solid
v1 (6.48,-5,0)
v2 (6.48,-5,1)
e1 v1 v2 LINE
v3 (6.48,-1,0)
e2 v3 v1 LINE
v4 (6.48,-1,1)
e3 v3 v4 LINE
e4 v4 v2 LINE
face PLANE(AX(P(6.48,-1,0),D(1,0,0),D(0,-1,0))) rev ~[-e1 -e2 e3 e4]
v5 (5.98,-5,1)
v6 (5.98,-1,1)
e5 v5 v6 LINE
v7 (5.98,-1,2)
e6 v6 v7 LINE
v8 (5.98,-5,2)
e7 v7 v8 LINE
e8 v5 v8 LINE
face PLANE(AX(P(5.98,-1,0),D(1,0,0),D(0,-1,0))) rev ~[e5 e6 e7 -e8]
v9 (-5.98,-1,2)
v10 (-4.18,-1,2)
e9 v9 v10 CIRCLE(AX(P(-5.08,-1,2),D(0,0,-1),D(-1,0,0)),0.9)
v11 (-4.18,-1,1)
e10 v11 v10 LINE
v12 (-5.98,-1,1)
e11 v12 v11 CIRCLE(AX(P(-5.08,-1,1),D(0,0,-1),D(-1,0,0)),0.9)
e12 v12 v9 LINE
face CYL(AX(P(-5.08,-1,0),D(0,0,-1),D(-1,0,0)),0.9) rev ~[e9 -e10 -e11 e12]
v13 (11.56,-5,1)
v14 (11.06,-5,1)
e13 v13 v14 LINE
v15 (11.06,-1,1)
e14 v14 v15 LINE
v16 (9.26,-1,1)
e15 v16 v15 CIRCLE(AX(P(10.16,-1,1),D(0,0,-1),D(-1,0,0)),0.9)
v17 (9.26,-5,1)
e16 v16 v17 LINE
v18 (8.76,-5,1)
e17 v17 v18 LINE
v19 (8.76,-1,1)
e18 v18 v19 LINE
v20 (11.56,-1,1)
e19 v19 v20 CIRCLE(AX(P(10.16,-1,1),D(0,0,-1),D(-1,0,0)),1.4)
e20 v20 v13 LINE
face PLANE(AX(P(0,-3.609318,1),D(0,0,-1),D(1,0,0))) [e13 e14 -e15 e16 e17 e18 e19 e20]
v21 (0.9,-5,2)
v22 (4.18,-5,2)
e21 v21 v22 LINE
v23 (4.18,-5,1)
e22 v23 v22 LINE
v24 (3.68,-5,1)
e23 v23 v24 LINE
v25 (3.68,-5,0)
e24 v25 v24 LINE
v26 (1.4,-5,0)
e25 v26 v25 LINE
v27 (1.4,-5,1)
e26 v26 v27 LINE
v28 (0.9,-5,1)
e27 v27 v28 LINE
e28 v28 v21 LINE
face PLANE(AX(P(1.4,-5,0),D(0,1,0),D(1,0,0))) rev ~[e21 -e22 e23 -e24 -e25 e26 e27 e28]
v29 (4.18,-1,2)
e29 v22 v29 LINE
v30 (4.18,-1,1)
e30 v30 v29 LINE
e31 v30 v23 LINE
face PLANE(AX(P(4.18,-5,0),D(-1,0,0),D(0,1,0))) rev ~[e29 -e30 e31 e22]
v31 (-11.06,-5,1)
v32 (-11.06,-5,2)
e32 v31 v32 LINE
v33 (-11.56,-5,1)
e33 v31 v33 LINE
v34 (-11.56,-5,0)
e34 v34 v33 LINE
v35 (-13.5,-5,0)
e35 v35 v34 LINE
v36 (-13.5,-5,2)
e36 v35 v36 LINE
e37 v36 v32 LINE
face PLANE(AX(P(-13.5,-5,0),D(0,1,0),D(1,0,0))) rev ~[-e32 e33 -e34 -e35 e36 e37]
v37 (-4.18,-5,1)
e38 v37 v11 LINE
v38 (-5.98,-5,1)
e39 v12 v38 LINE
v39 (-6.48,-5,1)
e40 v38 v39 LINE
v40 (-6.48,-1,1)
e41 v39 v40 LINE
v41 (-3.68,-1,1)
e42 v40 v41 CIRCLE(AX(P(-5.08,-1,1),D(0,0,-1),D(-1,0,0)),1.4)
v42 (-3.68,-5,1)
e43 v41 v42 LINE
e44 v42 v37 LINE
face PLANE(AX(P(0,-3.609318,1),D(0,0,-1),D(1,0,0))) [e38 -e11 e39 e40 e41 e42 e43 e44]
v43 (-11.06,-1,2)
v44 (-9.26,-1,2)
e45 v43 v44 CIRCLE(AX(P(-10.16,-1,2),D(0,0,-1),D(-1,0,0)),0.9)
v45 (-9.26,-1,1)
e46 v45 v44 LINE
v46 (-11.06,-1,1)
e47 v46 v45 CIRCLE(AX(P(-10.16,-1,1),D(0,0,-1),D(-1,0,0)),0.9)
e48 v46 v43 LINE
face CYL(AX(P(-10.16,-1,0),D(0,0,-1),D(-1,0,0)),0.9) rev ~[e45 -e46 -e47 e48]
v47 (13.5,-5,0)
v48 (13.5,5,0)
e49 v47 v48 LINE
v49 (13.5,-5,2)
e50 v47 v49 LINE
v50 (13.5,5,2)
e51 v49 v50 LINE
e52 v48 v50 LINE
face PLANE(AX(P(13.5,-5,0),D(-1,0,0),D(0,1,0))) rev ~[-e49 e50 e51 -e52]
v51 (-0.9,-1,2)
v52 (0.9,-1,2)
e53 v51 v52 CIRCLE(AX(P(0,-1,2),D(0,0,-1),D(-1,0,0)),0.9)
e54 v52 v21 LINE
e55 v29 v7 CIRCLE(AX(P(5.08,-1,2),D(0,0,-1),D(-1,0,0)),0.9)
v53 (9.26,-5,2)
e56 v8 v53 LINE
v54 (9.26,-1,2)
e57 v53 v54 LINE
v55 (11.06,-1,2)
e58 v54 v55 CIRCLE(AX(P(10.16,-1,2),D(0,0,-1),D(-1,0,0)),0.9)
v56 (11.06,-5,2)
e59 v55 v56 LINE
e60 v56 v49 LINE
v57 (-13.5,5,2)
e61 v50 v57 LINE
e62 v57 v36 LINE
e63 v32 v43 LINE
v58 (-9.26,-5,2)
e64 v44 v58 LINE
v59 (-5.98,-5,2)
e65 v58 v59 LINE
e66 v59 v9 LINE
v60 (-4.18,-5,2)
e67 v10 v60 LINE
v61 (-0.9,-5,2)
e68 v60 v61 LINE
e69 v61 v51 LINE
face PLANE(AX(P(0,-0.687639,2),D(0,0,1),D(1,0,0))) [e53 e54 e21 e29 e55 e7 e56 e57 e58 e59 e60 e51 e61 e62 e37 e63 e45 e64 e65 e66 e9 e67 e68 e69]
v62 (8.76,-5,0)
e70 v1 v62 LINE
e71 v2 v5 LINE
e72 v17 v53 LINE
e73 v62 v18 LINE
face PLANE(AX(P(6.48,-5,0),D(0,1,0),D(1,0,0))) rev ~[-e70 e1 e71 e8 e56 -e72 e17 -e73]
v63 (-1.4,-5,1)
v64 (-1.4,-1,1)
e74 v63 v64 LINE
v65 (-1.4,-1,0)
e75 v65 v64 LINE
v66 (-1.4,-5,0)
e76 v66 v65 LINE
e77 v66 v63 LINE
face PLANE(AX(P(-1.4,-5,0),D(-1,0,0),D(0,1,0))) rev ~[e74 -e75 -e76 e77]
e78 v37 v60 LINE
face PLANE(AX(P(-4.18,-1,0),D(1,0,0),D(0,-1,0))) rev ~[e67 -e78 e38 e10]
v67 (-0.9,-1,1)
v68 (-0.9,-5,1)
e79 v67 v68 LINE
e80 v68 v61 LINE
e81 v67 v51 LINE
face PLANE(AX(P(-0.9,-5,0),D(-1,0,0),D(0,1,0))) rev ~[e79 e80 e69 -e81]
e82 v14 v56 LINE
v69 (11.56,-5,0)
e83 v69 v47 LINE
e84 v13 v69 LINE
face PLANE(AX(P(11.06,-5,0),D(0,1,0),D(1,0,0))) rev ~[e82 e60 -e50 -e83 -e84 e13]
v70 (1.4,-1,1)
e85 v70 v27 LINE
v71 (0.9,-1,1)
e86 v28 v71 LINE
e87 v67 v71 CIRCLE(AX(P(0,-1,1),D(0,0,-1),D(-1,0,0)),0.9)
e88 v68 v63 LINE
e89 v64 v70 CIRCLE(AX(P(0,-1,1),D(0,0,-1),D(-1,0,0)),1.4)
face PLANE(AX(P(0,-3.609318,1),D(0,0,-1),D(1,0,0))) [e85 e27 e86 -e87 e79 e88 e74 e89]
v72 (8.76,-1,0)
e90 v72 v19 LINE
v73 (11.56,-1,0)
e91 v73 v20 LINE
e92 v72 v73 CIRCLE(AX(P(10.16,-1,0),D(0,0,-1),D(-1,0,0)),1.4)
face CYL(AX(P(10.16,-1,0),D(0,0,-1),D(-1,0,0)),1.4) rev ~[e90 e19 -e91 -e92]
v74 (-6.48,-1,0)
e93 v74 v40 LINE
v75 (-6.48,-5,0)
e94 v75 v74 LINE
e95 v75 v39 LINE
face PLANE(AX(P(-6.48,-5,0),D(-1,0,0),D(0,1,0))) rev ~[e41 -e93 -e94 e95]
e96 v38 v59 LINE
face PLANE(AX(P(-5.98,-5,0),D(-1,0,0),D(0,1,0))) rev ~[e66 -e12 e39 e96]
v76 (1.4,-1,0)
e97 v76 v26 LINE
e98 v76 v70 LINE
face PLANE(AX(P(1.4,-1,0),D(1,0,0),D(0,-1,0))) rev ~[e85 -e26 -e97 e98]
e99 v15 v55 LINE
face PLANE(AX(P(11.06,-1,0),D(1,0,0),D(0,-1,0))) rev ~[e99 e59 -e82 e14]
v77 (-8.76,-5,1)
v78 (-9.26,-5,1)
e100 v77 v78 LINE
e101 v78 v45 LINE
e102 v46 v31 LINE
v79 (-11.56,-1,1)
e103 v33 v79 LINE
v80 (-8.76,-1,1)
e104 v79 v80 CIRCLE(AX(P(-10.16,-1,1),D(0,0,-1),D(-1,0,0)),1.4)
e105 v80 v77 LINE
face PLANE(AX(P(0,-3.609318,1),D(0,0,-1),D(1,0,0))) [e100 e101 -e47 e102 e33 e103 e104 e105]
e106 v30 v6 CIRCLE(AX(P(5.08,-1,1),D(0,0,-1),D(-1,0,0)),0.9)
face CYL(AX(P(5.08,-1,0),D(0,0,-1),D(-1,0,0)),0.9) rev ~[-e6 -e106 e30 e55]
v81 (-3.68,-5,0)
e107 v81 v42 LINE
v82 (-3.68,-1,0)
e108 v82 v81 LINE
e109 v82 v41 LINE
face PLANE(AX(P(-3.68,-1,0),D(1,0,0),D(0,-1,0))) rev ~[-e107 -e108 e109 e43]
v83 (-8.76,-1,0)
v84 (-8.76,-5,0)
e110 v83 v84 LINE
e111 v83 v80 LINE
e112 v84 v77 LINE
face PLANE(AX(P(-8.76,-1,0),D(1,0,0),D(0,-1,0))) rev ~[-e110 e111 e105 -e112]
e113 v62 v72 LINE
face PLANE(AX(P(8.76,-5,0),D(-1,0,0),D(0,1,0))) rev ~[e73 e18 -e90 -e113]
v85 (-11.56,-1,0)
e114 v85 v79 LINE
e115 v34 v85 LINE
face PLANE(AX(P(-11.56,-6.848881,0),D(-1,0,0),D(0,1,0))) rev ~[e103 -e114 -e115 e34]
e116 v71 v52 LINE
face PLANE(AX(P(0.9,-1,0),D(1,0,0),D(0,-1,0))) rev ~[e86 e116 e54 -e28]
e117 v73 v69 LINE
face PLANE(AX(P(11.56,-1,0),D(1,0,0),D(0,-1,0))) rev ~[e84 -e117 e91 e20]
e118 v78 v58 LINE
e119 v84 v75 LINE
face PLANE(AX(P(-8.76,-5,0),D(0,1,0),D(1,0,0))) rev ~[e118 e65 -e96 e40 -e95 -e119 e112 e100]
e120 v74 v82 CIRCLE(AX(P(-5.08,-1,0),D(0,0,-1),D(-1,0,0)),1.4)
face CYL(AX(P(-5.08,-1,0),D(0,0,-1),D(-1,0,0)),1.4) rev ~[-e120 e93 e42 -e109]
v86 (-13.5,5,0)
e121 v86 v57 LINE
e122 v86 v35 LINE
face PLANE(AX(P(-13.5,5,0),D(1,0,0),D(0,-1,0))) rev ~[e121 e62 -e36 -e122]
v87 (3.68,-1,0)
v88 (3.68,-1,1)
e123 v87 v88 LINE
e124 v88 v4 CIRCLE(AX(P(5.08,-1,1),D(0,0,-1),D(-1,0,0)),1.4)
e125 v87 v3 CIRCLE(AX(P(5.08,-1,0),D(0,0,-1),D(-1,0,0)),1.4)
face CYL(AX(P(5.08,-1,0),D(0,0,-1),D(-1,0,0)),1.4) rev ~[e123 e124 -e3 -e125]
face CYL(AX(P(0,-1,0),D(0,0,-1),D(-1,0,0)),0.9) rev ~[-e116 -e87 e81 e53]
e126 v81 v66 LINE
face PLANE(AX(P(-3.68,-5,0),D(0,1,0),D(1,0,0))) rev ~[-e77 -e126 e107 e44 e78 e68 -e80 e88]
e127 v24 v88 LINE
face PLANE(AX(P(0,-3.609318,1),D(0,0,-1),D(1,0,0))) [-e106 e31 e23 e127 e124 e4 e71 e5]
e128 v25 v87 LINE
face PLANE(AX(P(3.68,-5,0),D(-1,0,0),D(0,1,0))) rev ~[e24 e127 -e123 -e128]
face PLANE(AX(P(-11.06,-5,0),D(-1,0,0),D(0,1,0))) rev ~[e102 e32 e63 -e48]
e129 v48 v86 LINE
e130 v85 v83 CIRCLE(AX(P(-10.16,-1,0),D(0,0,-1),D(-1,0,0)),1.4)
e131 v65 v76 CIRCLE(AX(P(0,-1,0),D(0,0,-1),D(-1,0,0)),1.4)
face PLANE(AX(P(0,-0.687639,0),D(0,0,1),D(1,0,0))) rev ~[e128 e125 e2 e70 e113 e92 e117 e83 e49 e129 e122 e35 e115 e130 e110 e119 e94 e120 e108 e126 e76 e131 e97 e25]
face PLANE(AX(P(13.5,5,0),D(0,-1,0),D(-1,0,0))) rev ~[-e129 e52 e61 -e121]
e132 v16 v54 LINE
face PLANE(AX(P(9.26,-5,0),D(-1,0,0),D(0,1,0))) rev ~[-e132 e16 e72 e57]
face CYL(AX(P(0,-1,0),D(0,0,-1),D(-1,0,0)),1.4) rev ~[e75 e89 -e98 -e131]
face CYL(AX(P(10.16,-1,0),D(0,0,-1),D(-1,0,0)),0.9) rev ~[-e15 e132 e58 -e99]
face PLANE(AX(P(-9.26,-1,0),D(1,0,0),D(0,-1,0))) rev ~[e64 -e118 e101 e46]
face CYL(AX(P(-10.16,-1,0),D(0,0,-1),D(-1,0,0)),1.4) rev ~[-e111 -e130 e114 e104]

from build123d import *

# Parameters (mm, degrees)
F1_DEPTH = 2
F3_DEPTH = 1


with BuildPart() as f1:
    # F0 (on Top) → F1 (new body)
    with BuildSketch(Plane.XY):
        with BuildLine():
            Line((13.5, 5), (-13.5, 5))
            Line((-13.5, 5), (-13.5, -5))
            Line((-13.5, -5), (-11.06, -5))
            Line((-11.06, -5), (-11.06, -1))
            ThreePointArc((-11.06, -1), (-10.16, -0.1), (-9.26, -1))
            Line((-9.26, -1), (-9.26, -5))
            Line((-9.26, -5), (-5.98, -5))
            Line((-5.98, -5), (-5.98, -1))
            ThreePointArc((-5.98, -1), (-5.08, -0.1), (-4.18, -1))
            Line((-4.18, -1), (-4.18, -5))
            Line((-4.18, -5), (-0.9, -5))
            Line((-0.9, -5), (-0.9, -1))
            ThreePointArc((-0.9, -1), (0, -0.1), (0.9, -1))
            Line((0.9, -1), (0.9, -5))
            Line((0.9, -5), (4.18, -5))
            Line((4.18, -5), (4.18, -1))
            ThreePointArc((4.18, -1), (5.08, -0.1), (5.98, -1))
            Line((5.98, -1), (5.98, -5))
            Line((5.98, -5), (9.26, -5))
            Line((9.26, -5), (9.26, -1))
            ThreePointArc((9.26, -1), (10.16, -0.1), (11.06, -1))
            Line((11.06, -1), (11.06, -5))
            Line((11.06, -5), (13.5, -5))
            Line((13.5, -5), (13.5, 5))
        make_face()
    extrude(amount=F1_DEPTH)

    # F2 (on face) → F3 (cut)
    with BuildSketch(Plane(origin=(0, 0, 0), x_dir=(1, 0, 0), z_dir=(0, 0, -1))):
        with BuildLine():
            Line((-11.56, 6.848881), (-11.56, 5))
            Line((-11.56, 5), (-11.56, 1))
            ThreePointArc((-11.56, 1), (-10.16, -0.4), (-8.76, 1))
            Line((-8.76, 1), (-8.76, 5))
            Line((-8.76, 5), (-6.48, 5))
            Line((-6.48, 5), (-6.48, 1))
            ThreePointArc((-6.48, 1), (-5.08, -0.4), (-3.68, 1))
            Line((-3.68, 1), (-3.68, 5))
            Line((-3.68, 5), (-1.4, 5))
            Line((-1.4, 5), (-1.4, 1))
            ThreePointArc((-1.4, 1), (0, -0.4), (1.4, 1))
            Line((1.4, 1), (1.4, 5))
            Line((1.4, 5), (3.68, 5))
            Line((3.68, 5), (3.68, 1))
            ThreePointArc((3.68, 1), (5.08, -0.4), (6.48, 1))
            Line((6.48, 1), (6.48, 5))
            Line((6.48, 5), (8.76, 5))
            Line((8.76, 5), (8.76, 1))
            ThreePointArc((8.76, 1), (10.16, -0.4), (11.56, 1))
            Line((11.56, 1), (11.56, 5))
            Line((11.56, 5), (11.56, 6.848881))
            Line((11.56, 6.848881), (-11.56, 6.848881))
        make_face()
    extrude(amount=-F3_DEPTH, mode=Mode.SUBTRACT)


solid = f1.part
